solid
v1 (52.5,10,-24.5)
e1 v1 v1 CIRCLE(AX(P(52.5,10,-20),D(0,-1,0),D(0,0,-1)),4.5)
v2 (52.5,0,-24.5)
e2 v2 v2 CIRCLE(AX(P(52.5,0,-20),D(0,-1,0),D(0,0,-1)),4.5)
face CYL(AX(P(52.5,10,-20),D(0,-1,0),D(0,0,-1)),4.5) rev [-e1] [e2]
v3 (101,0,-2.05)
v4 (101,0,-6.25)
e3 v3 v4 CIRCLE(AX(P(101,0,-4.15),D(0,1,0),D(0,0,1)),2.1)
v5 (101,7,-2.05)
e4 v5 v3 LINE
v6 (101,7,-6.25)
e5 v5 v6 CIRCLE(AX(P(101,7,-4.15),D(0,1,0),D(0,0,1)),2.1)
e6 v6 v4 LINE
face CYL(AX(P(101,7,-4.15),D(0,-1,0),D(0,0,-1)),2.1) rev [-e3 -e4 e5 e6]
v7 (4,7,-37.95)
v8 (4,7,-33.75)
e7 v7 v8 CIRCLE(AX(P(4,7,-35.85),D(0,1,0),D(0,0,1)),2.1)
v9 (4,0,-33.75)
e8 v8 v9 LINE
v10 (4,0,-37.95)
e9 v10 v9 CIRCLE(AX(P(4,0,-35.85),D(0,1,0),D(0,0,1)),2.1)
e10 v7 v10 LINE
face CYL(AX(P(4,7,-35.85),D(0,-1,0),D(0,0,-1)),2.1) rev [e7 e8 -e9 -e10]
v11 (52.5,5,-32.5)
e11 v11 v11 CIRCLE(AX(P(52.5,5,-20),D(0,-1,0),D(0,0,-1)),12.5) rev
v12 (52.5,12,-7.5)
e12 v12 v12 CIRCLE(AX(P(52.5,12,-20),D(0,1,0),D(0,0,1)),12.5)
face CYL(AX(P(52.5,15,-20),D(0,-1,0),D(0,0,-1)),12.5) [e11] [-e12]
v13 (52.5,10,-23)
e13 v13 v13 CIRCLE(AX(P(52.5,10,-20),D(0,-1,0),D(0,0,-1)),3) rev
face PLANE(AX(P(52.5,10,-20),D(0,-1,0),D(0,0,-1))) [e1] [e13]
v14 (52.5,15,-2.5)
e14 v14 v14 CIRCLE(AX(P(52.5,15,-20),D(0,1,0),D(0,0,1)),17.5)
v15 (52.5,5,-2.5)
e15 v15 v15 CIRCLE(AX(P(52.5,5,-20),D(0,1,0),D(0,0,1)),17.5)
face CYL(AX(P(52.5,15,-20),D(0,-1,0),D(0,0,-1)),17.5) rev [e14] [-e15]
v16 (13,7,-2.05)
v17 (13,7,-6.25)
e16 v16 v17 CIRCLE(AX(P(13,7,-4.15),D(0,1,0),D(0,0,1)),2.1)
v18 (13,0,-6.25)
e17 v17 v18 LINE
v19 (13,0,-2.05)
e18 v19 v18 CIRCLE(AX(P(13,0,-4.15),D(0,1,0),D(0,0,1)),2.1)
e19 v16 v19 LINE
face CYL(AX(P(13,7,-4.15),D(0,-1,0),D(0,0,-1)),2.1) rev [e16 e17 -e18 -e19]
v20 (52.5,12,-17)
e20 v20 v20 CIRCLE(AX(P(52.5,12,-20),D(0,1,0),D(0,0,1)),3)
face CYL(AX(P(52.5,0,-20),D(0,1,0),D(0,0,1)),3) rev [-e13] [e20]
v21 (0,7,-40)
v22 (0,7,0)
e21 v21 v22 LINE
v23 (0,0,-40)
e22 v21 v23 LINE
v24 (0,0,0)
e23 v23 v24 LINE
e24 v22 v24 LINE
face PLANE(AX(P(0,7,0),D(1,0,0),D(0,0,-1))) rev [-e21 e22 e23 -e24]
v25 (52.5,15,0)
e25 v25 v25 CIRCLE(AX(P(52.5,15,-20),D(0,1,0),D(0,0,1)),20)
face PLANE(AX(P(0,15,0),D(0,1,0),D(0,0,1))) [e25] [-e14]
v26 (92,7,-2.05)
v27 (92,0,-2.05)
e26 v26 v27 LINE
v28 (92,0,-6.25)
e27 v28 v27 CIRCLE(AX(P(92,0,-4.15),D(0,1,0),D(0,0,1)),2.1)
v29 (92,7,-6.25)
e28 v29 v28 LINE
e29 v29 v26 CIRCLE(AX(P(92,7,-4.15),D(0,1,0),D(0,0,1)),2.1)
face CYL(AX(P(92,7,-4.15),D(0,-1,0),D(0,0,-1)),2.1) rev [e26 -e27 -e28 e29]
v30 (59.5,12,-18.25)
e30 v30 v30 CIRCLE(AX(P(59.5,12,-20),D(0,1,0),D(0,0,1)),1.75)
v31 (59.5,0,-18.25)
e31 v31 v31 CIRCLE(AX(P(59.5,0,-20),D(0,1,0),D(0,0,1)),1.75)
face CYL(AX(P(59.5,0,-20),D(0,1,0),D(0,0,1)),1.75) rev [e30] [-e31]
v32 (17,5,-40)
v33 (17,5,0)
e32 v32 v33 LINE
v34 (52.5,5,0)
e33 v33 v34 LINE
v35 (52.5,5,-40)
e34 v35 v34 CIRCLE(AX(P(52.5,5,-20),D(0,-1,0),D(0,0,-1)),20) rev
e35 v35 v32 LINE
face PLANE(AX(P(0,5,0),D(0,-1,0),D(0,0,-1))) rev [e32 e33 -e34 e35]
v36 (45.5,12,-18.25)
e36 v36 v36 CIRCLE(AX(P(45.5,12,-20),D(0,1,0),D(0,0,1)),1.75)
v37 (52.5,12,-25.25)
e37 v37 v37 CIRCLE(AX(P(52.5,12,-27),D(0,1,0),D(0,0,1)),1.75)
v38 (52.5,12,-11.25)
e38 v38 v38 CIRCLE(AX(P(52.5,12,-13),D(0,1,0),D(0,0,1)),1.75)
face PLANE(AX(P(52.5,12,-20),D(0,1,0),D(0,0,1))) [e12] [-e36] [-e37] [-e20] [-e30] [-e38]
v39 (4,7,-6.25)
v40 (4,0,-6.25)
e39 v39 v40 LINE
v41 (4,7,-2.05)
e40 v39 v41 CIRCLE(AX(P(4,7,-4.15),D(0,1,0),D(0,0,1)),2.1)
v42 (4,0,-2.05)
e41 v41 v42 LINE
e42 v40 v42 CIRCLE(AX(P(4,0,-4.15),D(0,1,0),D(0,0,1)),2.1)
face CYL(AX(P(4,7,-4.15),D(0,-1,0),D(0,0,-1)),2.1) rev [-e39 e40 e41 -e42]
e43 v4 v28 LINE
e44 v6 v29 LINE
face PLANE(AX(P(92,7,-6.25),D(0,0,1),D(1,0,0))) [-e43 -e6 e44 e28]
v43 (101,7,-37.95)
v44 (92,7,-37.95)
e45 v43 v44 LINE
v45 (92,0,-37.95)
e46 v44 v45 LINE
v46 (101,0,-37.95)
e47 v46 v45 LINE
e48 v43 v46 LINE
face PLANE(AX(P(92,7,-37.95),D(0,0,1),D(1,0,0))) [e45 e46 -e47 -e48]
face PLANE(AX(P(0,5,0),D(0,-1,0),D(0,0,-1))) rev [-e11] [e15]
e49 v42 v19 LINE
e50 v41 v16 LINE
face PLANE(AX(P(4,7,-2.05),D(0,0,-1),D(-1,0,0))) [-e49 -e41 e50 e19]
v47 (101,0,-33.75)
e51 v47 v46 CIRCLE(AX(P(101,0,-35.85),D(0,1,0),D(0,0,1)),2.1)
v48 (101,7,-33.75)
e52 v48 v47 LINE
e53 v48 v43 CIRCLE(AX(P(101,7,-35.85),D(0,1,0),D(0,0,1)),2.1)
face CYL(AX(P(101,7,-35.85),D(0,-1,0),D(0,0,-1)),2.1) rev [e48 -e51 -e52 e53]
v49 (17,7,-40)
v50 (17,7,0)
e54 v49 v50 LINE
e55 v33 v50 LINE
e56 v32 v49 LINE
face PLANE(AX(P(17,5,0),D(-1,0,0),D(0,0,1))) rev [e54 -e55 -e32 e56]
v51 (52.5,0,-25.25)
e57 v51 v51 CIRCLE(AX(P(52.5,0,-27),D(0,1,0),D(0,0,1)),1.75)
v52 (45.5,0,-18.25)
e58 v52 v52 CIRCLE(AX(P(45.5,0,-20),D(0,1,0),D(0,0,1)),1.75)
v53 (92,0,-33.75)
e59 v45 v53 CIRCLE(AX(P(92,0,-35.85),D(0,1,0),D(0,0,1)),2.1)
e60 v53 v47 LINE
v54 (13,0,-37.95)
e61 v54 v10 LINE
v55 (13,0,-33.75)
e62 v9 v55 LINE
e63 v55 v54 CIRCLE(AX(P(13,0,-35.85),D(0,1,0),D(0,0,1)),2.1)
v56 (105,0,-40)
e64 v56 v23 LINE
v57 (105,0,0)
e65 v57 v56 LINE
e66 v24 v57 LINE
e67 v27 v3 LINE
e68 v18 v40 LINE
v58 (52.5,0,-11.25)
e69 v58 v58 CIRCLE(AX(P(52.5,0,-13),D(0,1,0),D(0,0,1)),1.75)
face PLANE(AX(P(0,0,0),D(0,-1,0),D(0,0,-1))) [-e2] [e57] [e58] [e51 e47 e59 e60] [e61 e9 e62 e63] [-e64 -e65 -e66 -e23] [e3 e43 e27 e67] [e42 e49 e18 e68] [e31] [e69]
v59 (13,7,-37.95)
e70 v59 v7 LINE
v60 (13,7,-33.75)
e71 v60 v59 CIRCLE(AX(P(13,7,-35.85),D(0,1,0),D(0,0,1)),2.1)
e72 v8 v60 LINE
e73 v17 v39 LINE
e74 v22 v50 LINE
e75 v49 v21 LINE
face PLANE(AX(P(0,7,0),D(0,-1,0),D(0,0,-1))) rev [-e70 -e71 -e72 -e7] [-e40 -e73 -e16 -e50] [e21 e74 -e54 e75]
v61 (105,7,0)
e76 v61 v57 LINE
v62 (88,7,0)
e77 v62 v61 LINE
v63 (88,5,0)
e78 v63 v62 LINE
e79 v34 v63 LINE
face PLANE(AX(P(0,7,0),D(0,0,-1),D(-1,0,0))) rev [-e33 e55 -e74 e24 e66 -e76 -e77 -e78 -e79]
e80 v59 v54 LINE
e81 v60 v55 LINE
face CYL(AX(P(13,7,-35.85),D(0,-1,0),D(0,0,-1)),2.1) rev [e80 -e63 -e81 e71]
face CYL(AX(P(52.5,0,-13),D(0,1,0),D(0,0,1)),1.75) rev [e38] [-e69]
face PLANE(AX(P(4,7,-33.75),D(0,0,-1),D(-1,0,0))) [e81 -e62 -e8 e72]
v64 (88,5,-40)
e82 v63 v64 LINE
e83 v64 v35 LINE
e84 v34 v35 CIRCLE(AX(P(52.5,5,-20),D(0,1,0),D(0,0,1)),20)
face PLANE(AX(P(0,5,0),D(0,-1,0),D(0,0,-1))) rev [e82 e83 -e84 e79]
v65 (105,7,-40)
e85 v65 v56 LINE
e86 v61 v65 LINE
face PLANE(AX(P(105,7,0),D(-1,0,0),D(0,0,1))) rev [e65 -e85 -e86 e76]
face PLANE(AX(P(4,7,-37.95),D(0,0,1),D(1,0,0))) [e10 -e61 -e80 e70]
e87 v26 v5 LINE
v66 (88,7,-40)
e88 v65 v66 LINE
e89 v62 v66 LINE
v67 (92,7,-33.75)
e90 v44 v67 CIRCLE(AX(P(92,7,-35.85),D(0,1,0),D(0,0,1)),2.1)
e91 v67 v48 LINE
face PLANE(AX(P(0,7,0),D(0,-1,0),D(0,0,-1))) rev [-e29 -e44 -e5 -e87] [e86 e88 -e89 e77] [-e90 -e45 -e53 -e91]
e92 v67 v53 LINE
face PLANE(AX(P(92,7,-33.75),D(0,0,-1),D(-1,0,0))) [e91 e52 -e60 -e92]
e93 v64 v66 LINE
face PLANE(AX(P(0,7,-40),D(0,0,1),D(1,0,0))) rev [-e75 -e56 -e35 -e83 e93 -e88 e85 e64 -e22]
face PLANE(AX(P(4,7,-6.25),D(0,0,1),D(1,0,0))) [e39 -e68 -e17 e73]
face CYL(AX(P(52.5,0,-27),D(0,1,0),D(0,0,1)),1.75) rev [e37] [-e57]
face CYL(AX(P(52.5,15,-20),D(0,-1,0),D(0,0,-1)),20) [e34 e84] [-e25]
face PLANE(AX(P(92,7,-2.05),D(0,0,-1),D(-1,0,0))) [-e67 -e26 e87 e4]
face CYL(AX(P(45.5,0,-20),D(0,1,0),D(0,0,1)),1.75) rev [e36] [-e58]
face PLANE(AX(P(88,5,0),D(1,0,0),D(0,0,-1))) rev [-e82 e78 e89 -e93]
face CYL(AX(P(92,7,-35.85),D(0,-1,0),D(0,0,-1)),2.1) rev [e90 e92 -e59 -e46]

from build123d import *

# Parameters (mm, degrees)
SKETCH1_W           = 105
SKETCH1_H           = 40
BOSS_EXTRUDE1_DEPTH = 7
SKETCH2_W           = 71
SKETCH2_H           = 40
CUT_EXTRUDE1_DEPTH  = 2
SKETCH4_R           = 20
SKETCH4_R_2         = 17.5
SKETCH4_R_3         = 12.5
BOSS_EXTRUDE3_DEPTH = 10
CUT_EXTRUDE2_START  = -3
SKETCH5_R           = 12.5
CUT_EXTRUDE2_DEPTH  = 3
SKETCH6_R           = 3
SKETCH6_R_2         = 1.75
CUT_EXTRUDE3_DEPTH  = 114
SKETCH7_R           = 4.5
CUT_EXTRUDE4_DEPTH  = 10


with BuildPart() as part:
    # Sketch1 → Boss-Extrude1 (new body)
    with BuildSketch(Plane(origin=(0, 0, 0), x_dir=(1, 0, 0), z_dir=(0, 1, 0))):
        with Locations((52.5, 20)):
            Rectangle(SKETCH1_W, SKETCH1_H)
        with BuildLine():
            Line((4, 37.95), (13, 37.95))
            ThreePointArc((13, 37.95), (15.1, 35.85), (13, 33.75))
            Line((13, 33.75), (4, 33.75))
            ThreePointArc((4, 33.75), (1.9, 35.85), (4, 37.95))
        make_face(mode=Mode.SUBTRACT)
        with BuildLine():
            Line((4, 6.25), (13, 6.25))
            ThreePointArc((13, 6.25), (15.1, 4.15), (13, 2.05))
            Line((13, 2.05), (4, 2.05))
            ThreePointArc((4, 2.05), (1.9, 4.15), (4, 6.25))
        make_face(mode=Mode.SUBTRACT)
        with BuildLine():
            Line((92, 37.95), (101, 37.95))
            ThreePointArc((101, 37.95), (103.1, 35.85), (101, 33.75))
            Line((101, 33.75), (92, 33.75))
            ThreePointArc((92, 33.75), (89.9, 35.85), (92, 37.95))
        make_face(mode=Mode.SUBTRACT)
        with BuildLine():
            Line((92, 6.25), (101, 6.25))
            ThreePointArc((101, 6.25), (103.1, 4.15), (101, 2.05))
            Line((101, 2.05), (92, 2.05))
            ThreePointArc((92, 2.05), (89.9, 4.15), (92, 6.25))
        make_face(mode=Mode.SUBTRACT)
    extrude(amount=BOSS_EXTRUDE1_DEPTH)

    # Sketch2 → Cut-Extrude1 (cut)
    with BuildSketch(Plane(origin=(0, 7, 0), x_dir=(1, 0, 0), z_dir=(0, 1, 0))):
        with Locations((52.5, 20)):
            Rectangle(SKETCH2_W, SKETCH2_H)
    extrude(amount=-CUT_EXTRUDE1_DEPTH, mode=Mode.SUBTRACT)

    # Sketch4 → Boss-Extrude3 (add)
    # profile 1 of 2: a face of its own
    with BuildSketch(Plane(origin=(0, 5, 0), x_dir=(1, 0, 0), z_dir=(0, 1, 0))):
        with Locations(Location((52.5, 20, 0), (0, 0, 270))):
            Circle(SKETCH4_R)
        with Locations(Location((52.5, 20, 0), (0, 0, 270))):
            Circle(SKETCH4_R_2, mode=Mode.SUBTRACT)
    # profile 2 of 2: a face of its own
    with BuildSketch(Plane(origin=(0, 5, 0), x_dir=(1, 0, 0), z_dir=(0, 1, 0))):
        with Locations(Location((52.5, 20, 0), (0, 0, 90))):
            Circle(SKETCH4_R_3)
    extrude(amount=BOSS_EXTRUDE3_DEPTH)

    # Sketch5 → Cut-Extrude2 (cut)
    with BuildSketch(Plane(origin=(0, 15, 0), x_dir=(1, 0, 0), z_dir=(0, 1, 0)).offset(CUT_EXTRUDE2_START)):
        with Locations(Location((52.5, 20, 0), (0, 0, 90))):
            Circle(SKETCH5_R)
    extrude(amount=CUT_EXTRUDE2_DEPTH, mode=Mode.SUBTRACT)

    # Sketch6 → Cut-Extrude3 (cut, through all)
    with BuildSketch(Plane(origin=(0, 12, 0), x_dir=(1, 0, 0), z_dir=(0, 1, 0))):
        with Locations(Location((52.5, 20, 0), (0, 0, 270))):
            Circle(SKETCH6_R)
        with Locations(Location((45.5, 20, 0), (0, 0, 270))):
            Circle(SKETCH6_R_2)
        with Locations(Location((52.5, 27, 0), (0, 0, 270))):
            Circle(SKETCH6_R_2)
        with Locations(Location((59.5, 20, 0), (0, 0, 270))):
            Circle(SKETCH6_R_2)
        with Locations(Location((52.5, 13, 0), (0, 0, 270))):
            Circle(SKETCH6_R_2)
    extrude(amount=-CUT_EXTRUDE3_DEPTH, mode=Mode.SUBTRACT)

    # Sketch7 → Cut-Extrude4 (cut)
    with BuildSketch(Plane.XZ):
        with Locations(Location((52.5, -20, 0), (0, 0, 270))):
            Circle(SKETCH7_R)
    extrude(amount=-CUT_EXTRUDE4_DEPTH, mode=Mode.SUBTRACT)


solid = part.part
